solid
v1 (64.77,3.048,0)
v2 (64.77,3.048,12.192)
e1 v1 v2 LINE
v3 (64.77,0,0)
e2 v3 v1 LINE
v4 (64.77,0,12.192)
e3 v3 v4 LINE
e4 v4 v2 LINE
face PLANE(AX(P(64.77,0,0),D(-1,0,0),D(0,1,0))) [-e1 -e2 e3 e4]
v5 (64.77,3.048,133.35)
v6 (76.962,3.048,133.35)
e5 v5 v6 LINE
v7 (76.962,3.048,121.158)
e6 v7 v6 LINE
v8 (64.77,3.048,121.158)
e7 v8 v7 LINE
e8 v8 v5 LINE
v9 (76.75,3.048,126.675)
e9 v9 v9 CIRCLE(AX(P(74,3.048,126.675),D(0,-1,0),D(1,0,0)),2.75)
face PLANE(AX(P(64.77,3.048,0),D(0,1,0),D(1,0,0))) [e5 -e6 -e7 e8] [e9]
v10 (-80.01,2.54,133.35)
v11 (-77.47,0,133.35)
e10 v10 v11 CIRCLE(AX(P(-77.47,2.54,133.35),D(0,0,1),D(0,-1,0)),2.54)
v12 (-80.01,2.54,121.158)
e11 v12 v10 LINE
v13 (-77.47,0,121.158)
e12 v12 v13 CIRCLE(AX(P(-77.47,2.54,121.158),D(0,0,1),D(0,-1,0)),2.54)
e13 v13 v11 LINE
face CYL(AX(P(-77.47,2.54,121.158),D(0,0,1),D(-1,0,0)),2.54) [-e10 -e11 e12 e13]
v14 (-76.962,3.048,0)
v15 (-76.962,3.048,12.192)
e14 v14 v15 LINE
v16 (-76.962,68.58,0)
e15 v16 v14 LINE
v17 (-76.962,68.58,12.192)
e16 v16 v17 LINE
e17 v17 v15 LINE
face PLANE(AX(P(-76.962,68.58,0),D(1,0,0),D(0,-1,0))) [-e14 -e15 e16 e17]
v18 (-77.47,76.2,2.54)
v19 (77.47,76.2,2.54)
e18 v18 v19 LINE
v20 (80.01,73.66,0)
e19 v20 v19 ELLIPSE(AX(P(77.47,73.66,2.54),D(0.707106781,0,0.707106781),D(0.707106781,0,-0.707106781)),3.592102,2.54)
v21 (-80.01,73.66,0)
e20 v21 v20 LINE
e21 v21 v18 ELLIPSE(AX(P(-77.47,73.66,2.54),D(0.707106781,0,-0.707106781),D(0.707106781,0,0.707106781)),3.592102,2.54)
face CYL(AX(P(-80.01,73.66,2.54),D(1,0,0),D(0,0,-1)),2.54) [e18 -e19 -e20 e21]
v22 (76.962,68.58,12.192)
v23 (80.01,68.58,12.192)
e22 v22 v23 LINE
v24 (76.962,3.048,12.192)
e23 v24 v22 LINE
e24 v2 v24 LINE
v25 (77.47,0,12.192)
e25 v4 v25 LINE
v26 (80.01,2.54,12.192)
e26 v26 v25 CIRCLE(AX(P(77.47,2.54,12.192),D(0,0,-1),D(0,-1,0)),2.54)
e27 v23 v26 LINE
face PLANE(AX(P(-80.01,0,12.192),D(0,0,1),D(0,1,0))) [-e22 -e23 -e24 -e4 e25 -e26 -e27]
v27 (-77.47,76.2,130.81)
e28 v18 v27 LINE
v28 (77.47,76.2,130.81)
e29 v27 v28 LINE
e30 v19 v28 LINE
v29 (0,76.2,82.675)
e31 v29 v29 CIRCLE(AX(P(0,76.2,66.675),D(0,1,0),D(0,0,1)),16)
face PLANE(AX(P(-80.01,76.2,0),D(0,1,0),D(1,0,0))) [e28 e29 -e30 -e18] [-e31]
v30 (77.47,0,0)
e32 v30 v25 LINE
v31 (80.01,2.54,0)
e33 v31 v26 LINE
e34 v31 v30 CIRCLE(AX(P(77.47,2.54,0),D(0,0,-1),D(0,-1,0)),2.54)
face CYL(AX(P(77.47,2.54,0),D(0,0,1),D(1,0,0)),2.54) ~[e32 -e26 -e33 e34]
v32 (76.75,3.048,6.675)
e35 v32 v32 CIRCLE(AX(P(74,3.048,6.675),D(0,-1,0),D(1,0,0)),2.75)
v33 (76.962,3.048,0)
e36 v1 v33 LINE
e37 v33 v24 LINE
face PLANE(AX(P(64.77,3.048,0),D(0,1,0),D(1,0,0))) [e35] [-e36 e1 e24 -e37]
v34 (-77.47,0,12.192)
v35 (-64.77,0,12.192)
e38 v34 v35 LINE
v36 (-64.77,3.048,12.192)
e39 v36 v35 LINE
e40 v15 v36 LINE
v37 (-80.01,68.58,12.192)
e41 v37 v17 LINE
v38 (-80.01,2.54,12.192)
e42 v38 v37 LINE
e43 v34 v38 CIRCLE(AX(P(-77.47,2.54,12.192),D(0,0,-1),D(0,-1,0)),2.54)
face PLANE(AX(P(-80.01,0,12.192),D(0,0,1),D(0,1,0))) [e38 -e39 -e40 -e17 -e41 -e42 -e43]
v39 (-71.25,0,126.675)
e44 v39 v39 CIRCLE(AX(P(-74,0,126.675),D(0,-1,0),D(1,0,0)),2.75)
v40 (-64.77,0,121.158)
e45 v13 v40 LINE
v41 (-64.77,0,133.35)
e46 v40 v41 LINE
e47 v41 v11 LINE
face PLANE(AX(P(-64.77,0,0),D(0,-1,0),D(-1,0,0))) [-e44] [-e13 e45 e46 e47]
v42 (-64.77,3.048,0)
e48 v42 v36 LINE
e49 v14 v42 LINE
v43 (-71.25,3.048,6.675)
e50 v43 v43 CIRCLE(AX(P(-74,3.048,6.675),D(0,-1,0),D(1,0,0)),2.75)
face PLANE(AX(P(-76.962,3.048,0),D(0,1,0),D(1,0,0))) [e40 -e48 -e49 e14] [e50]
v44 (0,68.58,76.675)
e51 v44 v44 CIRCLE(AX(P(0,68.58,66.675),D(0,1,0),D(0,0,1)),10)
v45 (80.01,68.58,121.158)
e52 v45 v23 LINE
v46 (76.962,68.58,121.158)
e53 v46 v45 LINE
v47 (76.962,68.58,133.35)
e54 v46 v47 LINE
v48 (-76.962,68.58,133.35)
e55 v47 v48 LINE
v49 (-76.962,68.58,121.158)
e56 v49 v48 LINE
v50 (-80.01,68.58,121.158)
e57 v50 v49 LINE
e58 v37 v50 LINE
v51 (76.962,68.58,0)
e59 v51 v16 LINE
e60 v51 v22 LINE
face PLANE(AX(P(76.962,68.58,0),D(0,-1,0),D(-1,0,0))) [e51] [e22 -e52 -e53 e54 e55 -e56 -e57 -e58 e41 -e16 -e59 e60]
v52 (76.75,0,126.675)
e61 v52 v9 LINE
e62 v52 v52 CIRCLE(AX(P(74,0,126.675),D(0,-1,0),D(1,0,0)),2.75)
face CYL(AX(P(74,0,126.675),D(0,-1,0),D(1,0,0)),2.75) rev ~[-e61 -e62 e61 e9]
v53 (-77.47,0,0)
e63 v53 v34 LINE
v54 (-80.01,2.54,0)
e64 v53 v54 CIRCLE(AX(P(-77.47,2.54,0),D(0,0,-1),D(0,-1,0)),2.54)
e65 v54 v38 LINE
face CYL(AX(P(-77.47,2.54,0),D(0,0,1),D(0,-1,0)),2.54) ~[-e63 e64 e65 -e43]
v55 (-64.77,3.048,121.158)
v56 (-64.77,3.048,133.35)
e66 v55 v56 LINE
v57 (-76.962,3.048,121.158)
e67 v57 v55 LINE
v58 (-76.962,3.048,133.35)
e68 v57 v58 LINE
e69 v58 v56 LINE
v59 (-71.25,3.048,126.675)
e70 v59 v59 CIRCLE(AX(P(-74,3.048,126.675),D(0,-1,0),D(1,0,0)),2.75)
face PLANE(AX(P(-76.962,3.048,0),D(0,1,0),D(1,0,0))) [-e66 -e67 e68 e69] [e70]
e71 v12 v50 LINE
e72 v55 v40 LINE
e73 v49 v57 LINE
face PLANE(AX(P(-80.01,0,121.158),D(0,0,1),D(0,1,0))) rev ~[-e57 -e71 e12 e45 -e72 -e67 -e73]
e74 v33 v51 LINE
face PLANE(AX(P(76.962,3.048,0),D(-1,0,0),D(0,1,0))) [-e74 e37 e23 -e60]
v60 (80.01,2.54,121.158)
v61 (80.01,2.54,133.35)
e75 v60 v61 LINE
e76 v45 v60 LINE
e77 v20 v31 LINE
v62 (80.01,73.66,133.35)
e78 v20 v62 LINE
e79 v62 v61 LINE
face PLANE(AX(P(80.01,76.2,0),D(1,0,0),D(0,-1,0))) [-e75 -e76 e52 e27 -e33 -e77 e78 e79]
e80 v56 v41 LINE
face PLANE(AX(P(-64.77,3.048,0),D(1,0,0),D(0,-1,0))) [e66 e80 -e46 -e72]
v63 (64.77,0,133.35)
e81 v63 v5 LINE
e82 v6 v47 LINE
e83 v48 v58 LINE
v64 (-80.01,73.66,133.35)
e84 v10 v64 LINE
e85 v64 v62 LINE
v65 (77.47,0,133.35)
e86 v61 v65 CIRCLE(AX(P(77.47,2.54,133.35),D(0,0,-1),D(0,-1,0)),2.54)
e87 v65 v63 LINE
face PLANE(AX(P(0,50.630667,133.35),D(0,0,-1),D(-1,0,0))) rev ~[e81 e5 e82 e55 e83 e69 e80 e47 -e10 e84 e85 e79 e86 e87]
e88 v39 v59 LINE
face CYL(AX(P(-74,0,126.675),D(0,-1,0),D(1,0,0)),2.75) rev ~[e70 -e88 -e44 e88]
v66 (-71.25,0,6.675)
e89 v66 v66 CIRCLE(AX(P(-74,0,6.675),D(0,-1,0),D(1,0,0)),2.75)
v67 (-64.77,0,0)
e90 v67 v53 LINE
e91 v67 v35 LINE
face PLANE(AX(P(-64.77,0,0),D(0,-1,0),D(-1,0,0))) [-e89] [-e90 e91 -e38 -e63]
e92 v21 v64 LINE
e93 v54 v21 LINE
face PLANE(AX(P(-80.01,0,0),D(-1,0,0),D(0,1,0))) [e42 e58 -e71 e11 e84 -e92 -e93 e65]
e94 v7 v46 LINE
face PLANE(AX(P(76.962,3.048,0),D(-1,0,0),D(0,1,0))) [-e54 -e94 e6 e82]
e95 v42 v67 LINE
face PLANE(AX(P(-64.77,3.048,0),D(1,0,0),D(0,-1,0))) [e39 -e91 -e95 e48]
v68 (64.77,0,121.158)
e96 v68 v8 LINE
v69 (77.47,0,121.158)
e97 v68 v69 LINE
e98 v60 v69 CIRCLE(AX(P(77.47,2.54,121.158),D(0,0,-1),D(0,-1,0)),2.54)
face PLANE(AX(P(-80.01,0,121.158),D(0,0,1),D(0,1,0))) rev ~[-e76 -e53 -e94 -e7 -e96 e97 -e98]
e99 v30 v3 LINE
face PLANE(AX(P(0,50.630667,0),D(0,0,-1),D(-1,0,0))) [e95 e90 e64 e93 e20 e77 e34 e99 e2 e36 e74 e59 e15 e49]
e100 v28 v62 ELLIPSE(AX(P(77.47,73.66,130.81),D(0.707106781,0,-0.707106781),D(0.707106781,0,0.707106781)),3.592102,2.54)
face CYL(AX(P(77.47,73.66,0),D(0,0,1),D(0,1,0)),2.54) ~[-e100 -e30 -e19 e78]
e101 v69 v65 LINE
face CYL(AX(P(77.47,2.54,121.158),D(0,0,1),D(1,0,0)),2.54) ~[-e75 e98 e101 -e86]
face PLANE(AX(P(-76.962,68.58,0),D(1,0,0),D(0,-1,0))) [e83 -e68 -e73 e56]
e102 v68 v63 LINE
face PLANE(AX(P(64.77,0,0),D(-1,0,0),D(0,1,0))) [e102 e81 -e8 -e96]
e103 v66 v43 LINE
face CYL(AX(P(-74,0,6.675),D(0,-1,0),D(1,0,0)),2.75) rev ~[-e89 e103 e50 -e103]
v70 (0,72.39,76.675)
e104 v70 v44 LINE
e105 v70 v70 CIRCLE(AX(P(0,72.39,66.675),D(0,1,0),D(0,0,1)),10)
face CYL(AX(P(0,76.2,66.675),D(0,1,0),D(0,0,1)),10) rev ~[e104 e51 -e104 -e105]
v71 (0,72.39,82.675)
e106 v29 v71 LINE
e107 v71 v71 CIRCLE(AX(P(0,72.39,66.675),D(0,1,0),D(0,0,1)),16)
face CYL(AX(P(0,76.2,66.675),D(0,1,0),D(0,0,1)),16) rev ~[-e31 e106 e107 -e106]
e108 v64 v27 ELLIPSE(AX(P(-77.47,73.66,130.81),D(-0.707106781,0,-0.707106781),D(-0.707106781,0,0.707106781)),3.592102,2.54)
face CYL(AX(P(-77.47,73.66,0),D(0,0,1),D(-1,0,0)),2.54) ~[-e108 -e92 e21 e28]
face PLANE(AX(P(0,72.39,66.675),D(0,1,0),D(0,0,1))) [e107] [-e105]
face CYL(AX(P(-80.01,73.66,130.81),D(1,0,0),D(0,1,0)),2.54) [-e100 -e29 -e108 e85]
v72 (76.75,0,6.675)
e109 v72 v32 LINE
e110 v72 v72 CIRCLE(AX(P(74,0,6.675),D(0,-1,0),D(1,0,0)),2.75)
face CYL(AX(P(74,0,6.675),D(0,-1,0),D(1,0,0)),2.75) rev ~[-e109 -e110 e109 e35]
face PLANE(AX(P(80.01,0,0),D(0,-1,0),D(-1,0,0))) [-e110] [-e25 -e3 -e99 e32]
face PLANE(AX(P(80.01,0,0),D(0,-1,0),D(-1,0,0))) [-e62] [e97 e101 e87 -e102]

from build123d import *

# Parameters (mm, degrees)
BOSS_EXTRU_1_DEPTH      = 133.35
ESQUISSE3_W             = 108.966
ESQUISSE3_H             = 68.58
ENL_V_MAT_EXTRU_1_DEPTH = 222.799600766
CONG_1_R                = 2.54
CONG_2_R                = 2.54
ESQUISSE6_R             = 10
ENL_V_MAT_EXTRU_4_DEPTH = 174.176969023
ESQUISSE9_R             = 16
ENL_V_MAT_EXTRU_5_DEPTH = 3.81
SKETCH1_R               = 2.75
CUT_EXTRUDE1_DEPTH      = 3.048


with BuildPart() as part:
    # Esquisse2 → Boss.-Extru.1 (new body)
    with BuildSketch(Plane.XY):
        Polygon((-64.77, 0), (-80.01, 0), (-80.01, 76.2), (80.01, 76.2), (80.01, 0), (64.77, 0), (64.77, 3.048), (76.962, 3.048), (76.962, 68.58), (-76.962, 68.58), (-76.962, 3.048), (-64.77, 3.048), align=None)
    extrude(amount=BOSS_EXTRU_1_DEPTH)

    # Esquisse3 → Enlèv. mat.-Extru.1 (cut, through all)
    with BuildSketch(Plane.ZY.offset(80.01)):
        with Locations((66.675, 34.29)):
            Rectangle(ESQUISSE3_W, ESQUISSE3_H)
    extrude(amount=-ENL_V_MAT_EXTRU_1_DEPTH, mode=Mode.SUBTRACT)

    # Congé1
    cong_1_edges = [part.edges().sort_by_distance(p)[0] for p in [
        (-80.01, 0, 127.254),
        (80.01, 0, 127.254),
        (-80.01, 0, 6.096),
        (80.01, 0, 6.096),
    ]]
    fillet(cong_1_edges, radius=CONG_1_R)

    # Congé2
    cong_2_edges = [part.edges().sort_by_distance(p)[0] for p in [
        (0, 76.2, 0),
        (-80.01, 76.2, 66.675),
        (80.01, 76.2, 66.675),
        (0, 76.2, 133.35),
    ]]
    fillet(cong_2_edges, radius=CONG_2_R)

    # Esquisse6 → Enlèv. mat.-Extru.4 (cut, through all)
    with BuildSketch(Plane(origin=(0, 76.2, 0), x_dir=(1, 0, 0), z_dir=(0, 1, 0))):
        with Locations(Location((0, -66.675, 0), (0, 0, 270))):
            Circle(ESQUISSE6_R)
    extrude(amount=-ENL_V_MAT_EXTRU_4_DEPTH, mode=Mode.SUBTRACT)

    # Esquisse9 → Enlèv. mat.-Extru.5 (cut)
    with BuildSketch(Plane(origin=(0, 76.2, 0), x_dir=(1, 0, 0), z_dir=(0, 1, 0))):
        with Locations(Location((0, -66.675, 0), (0, 0, 270))):
            Circle(ESQUISSE9_R)
    extrude(amount=-ENL_V_MAT_EXTRU_5_DEPTH, mode=Mode.SUBTRACT)

    # Sketch1 → Cut-Extrude1 (cut)
    with BuildSketch(Plane.XZ):
        with Locations((74, 126.675)):
            Circle(SKETCH1_R)
        with Locations((74, 6.675)):
            Circle(SKETCH1_R)
        with Locations((-74, 6.675)):
            Circle(SKETCH1_R)
        with Locations((-74, 126.675)):
            Circle(SKETCH1_R)
    extrude(amount=-CUT_EXTRUDE1_DEPTH, mode=Mode.SUBTRACT)


solid = part.part
